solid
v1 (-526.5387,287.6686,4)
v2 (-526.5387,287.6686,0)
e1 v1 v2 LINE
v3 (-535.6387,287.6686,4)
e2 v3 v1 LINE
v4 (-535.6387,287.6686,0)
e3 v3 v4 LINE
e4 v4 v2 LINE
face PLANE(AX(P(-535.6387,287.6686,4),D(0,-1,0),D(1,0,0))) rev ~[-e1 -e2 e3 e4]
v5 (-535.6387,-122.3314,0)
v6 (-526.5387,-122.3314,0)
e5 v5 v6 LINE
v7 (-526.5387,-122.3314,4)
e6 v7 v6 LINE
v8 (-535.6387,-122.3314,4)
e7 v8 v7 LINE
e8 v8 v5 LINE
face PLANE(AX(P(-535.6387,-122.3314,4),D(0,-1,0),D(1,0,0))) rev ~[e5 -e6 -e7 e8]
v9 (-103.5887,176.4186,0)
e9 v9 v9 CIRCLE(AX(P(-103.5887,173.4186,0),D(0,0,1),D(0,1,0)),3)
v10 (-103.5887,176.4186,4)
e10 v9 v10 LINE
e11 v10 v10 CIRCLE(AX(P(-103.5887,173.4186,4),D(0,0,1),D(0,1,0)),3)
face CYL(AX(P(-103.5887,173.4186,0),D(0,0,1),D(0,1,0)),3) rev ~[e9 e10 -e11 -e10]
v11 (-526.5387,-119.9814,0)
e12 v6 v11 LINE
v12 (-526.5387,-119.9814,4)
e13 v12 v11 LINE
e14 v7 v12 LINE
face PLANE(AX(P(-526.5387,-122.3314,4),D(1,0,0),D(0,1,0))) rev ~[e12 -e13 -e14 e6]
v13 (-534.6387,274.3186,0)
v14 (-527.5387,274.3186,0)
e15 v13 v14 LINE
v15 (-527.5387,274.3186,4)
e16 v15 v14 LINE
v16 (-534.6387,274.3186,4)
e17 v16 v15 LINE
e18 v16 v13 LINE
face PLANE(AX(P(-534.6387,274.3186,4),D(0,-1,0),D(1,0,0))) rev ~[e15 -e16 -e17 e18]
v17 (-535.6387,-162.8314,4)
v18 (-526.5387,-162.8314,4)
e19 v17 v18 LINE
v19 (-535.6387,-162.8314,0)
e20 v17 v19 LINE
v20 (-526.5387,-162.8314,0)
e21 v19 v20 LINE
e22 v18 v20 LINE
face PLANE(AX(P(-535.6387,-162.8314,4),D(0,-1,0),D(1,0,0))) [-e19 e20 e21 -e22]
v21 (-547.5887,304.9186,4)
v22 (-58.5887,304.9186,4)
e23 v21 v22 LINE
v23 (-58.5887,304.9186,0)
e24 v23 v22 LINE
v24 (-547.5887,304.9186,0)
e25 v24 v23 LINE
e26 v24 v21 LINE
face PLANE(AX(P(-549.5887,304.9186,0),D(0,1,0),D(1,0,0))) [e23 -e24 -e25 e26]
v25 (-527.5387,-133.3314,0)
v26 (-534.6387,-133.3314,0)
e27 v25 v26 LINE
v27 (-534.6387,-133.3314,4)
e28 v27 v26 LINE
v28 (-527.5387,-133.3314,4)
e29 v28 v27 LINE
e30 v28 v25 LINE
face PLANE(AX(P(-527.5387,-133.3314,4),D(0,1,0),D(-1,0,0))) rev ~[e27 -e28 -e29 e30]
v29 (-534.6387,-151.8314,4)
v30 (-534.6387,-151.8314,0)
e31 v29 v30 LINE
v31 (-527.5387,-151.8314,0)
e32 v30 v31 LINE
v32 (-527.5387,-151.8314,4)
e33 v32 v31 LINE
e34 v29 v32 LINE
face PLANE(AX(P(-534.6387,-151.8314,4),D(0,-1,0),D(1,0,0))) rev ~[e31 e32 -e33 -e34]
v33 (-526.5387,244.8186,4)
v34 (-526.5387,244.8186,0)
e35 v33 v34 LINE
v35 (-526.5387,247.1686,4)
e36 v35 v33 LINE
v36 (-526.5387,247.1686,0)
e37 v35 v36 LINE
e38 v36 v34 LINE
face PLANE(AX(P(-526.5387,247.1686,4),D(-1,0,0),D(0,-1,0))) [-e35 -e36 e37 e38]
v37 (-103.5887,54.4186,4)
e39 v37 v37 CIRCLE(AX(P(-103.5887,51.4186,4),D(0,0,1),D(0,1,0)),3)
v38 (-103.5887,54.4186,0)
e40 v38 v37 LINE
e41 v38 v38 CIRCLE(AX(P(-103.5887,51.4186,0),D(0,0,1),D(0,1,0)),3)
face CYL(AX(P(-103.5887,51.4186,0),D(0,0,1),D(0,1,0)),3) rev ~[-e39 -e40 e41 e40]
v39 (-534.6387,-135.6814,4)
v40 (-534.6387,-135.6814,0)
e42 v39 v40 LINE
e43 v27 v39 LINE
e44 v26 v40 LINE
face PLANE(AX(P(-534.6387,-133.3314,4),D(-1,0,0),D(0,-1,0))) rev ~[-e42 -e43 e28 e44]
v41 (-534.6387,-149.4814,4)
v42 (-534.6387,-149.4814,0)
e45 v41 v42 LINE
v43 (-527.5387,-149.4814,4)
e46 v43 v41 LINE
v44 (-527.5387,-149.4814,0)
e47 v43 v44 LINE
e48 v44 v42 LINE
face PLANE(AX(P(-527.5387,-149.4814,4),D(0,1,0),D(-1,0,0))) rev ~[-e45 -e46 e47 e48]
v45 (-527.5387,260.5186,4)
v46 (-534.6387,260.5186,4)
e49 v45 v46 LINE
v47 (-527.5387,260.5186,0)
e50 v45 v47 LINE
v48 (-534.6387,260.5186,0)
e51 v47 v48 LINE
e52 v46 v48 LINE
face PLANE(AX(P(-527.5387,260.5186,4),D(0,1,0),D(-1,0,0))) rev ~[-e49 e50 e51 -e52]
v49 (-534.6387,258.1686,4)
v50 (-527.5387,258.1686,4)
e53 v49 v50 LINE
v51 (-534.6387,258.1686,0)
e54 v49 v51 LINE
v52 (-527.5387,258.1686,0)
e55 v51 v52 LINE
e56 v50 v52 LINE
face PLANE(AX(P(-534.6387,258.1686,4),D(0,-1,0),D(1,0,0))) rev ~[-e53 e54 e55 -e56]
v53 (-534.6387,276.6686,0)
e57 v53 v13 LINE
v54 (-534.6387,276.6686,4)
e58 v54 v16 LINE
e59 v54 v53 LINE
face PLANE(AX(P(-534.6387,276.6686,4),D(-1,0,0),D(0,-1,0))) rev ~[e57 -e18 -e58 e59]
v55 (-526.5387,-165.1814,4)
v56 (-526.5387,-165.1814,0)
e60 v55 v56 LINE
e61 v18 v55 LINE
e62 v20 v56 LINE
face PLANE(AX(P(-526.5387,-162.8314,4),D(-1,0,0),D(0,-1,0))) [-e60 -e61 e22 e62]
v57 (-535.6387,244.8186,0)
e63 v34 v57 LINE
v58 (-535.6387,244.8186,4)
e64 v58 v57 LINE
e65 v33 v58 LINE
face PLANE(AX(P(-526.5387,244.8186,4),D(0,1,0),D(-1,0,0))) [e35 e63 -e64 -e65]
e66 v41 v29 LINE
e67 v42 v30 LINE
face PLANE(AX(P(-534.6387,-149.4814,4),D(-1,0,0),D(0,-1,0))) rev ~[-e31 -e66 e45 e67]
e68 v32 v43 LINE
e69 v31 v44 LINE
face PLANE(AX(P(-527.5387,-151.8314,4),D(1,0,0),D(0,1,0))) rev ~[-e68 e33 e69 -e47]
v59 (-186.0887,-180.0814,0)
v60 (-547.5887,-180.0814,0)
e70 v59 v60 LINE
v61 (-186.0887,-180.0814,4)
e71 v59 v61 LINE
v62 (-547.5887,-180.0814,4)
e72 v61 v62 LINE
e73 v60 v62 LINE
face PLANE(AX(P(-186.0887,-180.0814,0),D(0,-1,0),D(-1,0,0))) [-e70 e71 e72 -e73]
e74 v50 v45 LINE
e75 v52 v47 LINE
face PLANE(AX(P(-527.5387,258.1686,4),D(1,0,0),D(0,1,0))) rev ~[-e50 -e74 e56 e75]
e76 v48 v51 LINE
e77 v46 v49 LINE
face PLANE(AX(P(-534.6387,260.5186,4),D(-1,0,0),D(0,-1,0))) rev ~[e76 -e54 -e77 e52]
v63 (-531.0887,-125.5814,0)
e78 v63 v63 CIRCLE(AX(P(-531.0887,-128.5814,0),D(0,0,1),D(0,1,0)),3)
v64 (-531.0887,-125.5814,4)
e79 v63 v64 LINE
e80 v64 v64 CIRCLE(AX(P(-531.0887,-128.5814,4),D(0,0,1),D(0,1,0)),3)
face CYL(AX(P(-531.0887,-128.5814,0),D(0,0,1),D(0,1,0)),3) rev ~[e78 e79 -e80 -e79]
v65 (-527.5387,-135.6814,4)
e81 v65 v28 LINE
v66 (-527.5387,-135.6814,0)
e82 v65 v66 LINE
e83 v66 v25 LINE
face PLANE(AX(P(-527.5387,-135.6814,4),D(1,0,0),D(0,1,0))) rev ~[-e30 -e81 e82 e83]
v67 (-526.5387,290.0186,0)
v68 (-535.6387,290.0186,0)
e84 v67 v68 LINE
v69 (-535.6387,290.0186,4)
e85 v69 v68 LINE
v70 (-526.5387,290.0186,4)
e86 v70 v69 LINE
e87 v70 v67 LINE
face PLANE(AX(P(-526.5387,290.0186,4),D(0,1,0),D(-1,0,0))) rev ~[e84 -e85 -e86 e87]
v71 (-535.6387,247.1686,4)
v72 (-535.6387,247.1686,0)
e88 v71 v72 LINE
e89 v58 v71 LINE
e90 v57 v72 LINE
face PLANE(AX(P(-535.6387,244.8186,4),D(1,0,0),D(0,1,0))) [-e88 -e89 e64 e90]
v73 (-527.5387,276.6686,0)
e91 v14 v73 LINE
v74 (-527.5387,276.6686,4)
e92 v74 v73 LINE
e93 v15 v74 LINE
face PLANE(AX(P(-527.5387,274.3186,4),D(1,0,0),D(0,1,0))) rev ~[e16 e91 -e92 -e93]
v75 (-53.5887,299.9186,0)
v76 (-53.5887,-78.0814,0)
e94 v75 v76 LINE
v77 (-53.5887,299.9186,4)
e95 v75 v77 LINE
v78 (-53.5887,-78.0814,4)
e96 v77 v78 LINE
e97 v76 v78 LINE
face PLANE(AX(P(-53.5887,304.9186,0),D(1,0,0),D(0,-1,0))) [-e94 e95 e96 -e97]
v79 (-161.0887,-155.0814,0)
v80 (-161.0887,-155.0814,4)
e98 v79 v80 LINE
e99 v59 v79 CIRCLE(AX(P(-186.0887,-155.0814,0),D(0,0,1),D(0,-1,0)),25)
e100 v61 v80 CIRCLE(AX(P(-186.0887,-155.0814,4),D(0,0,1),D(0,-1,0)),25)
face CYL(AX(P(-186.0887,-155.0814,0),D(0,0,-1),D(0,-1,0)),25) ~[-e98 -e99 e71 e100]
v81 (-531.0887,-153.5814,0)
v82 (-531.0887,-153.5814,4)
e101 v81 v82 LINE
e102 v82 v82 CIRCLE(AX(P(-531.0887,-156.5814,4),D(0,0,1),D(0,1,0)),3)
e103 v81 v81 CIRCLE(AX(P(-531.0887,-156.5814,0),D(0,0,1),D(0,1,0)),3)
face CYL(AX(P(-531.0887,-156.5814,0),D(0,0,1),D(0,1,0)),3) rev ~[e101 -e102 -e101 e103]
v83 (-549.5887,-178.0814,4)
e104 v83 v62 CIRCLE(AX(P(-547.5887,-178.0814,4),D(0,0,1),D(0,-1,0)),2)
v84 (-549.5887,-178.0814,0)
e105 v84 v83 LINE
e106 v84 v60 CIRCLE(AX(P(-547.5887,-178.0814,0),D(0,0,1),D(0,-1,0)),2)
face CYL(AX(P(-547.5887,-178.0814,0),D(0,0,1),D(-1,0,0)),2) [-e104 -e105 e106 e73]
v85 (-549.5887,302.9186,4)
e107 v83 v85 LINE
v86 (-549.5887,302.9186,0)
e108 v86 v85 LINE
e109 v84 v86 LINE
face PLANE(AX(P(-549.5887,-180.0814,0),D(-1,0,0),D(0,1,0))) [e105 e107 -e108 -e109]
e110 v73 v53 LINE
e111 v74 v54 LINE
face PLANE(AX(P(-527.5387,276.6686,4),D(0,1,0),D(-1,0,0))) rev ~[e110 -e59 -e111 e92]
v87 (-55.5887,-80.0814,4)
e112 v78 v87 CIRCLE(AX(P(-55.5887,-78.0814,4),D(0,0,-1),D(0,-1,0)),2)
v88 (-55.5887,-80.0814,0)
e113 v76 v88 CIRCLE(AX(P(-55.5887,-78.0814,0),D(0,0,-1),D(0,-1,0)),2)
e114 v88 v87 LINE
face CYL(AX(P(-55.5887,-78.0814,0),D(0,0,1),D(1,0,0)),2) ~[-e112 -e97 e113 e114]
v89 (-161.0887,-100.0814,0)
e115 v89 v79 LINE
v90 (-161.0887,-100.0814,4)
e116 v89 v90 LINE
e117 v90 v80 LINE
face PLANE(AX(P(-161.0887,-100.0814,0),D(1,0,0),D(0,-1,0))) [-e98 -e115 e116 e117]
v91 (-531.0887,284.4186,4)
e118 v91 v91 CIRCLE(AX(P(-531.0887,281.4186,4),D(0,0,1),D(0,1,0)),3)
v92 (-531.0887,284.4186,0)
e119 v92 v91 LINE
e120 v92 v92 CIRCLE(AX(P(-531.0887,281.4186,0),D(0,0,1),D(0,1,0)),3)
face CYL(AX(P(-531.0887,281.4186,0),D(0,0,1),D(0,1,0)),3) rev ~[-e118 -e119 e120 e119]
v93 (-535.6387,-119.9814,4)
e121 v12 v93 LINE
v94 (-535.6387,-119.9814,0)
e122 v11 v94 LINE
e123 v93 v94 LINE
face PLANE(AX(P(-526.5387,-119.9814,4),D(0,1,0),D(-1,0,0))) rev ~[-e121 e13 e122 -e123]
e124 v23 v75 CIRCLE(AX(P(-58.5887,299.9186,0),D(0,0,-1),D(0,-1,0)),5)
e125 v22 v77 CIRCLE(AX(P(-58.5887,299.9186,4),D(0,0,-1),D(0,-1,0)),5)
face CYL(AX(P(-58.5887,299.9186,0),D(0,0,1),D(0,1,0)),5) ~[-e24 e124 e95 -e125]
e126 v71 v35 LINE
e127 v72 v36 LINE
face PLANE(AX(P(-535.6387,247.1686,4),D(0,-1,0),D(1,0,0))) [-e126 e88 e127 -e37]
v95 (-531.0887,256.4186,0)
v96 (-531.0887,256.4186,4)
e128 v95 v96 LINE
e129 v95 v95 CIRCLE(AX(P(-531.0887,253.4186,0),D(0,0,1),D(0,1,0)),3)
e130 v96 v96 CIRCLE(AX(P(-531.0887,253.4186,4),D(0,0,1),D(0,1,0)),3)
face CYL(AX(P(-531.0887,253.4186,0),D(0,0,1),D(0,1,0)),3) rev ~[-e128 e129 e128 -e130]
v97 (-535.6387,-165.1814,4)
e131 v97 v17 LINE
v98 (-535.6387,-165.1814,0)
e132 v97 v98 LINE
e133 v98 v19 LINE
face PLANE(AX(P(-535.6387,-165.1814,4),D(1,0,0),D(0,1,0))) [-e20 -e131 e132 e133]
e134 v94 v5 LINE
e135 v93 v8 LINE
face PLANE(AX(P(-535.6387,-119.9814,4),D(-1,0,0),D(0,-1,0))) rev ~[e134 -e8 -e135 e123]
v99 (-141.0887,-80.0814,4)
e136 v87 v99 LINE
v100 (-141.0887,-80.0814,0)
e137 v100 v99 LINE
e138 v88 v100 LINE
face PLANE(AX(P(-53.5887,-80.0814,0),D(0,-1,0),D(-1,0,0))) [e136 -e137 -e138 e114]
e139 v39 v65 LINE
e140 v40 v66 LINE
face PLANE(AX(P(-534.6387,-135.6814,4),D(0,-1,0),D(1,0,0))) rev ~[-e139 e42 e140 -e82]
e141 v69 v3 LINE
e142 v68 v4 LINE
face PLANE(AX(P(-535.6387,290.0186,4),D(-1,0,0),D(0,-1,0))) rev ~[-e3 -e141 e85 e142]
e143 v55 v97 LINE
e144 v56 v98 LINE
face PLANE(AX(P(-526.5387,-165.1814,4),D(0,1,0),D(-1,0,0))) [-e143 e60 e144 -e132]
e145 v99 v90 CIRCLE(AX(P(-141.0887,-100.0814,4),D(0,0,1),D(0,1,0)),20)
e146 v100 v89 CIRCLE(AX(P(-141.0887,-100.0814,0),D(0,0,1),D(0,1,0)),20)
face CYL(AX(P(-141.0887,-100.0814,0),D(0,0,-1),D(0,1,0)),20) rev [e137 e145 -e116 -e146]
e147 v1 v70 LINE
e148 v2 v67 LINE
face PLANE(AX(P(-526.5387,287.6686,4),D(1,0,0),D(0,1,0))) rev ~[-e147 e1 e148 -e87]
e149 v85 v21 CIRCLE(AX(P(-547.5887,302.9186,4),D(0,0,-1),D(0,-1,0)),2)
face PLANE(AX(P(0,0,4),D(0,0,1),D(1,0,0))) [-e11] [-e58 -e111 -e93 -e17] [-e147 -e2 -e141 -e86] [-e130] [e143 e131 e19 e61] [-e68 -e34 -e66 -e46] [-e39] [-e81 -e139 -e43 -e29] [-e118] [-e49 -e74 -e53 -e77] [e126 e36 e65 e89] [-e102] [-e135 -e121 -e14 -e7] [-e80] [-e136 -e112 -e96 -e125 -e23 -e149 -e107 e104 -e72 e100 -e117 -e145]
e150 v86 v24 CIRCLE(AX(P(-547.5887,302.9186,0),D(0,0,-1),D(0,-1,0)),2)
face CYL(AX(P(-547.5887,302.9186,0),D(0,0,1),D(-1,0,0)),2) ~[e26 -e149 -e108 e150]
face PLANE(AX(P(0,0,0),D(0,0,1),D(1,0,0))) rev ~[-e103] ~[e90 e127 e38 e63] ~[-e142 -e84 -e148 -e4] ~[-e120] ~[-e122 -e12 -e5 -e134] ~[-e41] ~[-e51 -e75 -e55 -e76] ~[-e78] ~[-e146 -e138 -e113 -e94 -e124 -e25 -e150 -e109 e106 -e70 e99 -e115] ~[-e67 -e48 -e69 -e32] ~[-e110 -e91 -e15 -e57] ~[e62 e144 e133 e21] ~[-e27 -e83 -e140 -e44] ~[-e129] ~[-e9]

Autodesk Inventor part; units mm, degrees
ref_plane "YZ Plane" through (0, 0, 0) normal (1, 0, 0) x (0, 1, 0)
ref_plane "XZ Plane" through (0, 0, 0) normal (0, 1, 0) x (-1, 0, 0)
ref_plane "XY Plane" through (0, 0, 0) normal (0, 0, 1) x (1, 0, 0)
sketch "Szkic1" plane through (0, 0, 0) normal (0, 0, 1) x (1, 0, 0)
  line L0 (-549.5887, -180.0814) -> (-549.5887, 304.9186)
  line L1 (-549.5887, 304.9186) -> (-53.5887, 304.9186)
  line L2 (-53.5887, 304.9186) -> (-53.5887, -80.0814)
  line L3 (-53.5887, -80.0814) -> (-141.0887, -80.0814)
  line L4 (-161.0887, -100.0814) -> (-161.0887, -155.0814)
  line L5 (-186.0887, -180.0814) -> (-549.5887, -180.0814)
  arc A0 (-141.0887, -80.0814) -> (-161.0887, -100.0814) centre (-141.0887, -100.0814) ccw
  arc A1 (-186.0887, -180.0814) -> (-161.0887, -155.0814) centre (-186.0887, -155.0814) ccw
  point P0 (0, 0)
  point P1 (-161.0887, -80.0814)
  point P2 (-161.0887, -180.0814)
  point P3 (-531.0887, 281.4186)
  point P4 (-531.0887, 253.4186)
  point P5 (-531.0887, -128.5814)
  point P6 (-531.0887, -156.5814)
  point P7 (-103.5887, 173.4186)
  point P8 (-103.5887, 51.4186)
  dimension "d0" = 485
  dimension "d1" = 496
  dimension "d2" = 107.5
  dimension "d3" = 100
  dimension "d6" = 20
  dimension "d7" = 25
  dimension "d8" = 28
  dimension "d9" = 23.5
  dimension "d11" = 28
  dimension "d12" = 23.5
  dimension "d13" = 18.5
  dimension "d14" = 18.5
  dimension "d17" = 18.5
  dimension "d18" = 18.5
  dimension "d31" = 385
  dimension "d32" = 122
  dimension "d33" = 131.5
  dimension "d34" = 50
  dimension "d35" = 50
extrude "Wyciągnięcie proste1" add sketch "Szkic1" along normal blind 4
hole "Otwór1" at (-531.0887, 281.4186, 0) at (-531.0887, 253.4186, 0) at (-531.0887, -128.5814, 0) at (-531.0887, -156.5814, 0) direction (0, 0, 1) diameter 6 end through all
fillet "Zaokrąglenie2" radius 2 2 edges at (-53.5887, -80.0814, 2) (-549.5887, -180.0814, 2)
fillet "Zaokrąglenie2" radius 2 1 edges at (-549.5887, 304.9186, 2)
fillet "Zaokrąglenie2" radius 5 1 edges at (-53.5887, 304.9186, 2)
hole "Otwór2" at (-103.5887, 173.4186, 0) at (-103.5887, 51.4186, 0) direction (0, 0, 1) diameter 6 end through all
sketch "Szkic2" plane through (0, 0, 4) normal (0, 0, 1) x (1, 0, 0)
  circle A0 centre (-103.5887, 173.4186) radius 3 projected
  circle A1 centre (-103.5887, 51.4186) radius 3 projected
  arc A2 (-53.5887, 299.9186) -> (-58.5887, 304.9186) centre (-58.5887, 299.9186) ccw projected
  line L0 (-58.5887, 304.9186) -> (-547.5887, 304.9186) projected
  arc A3 (-547.5887, 304.9186) -> (-549.5887, 302.9186) centre (-547.5887, 302.9186) ccw projected
  line L1 (-549.5887, 302.9186) -> (-549.5887, -178.0814) projected
  arc A4 (-549.5887, -178.0814) -> (-547.5887, -180.0814) centre (-547.5887, -178.0814) ccw projected
  line L2 (-547.5887, -180.0814) -> (-186.0887, -180.0814) projected
  arc A5 (-186.0887, -180.0814) -> (-161.0887, -155.0814) centre (-186.0887, -155.0814) ccw projected
  line L3 (-161.0887, -155.0814) -> (-161.0887, -100.0814) projected
  arc A6 (-141.0887, -80.0814) -> (-161.0887, -100.0814) centre (-141.0887, -100.0814) ccw projected
  line L4 (-141.0887, -80.0814) -> (-55.5887, -80.0814) projected
  arc A7 (-55.5887, -80.0814) -> (-53.5887, -78.0814) centre (-55.5887, -78.0814) ccw projected
  line L5 (-53.5887, -78.0814) -> (-53.5887, 299.9186) projected
  circle A8 centre (-531.0887, -128.5814) radius 3 projected
  circle A9 centre (-531.0887, 281.4186) radius 3 projected
  circle A10 centre (-531.0887, 253.4186) radius 3 projected
  circle A11 centre (-531.0887, -156.5814) radius 3 projected
  line L6 (-535.1387, 289.5186) -> (-527.0387, 289.5186)
  line L7 (-527.0387, 289.5186) -> (-527.0387, 288.1686)
  line L8 (-527.0387, 288.1686) -> (-535.1387, 288.1686)
  line L9 (-535.1387, 288.1686) -> (-535.1387, 289.5186)
  line L10 (-534.1387, 276.1686) -> (-528.0387, 276.1686)
  line L11 (-528.0387, 276.1686) -> (-528.0387, 274.8186)
  line L12 (-528.0387, 274.8186) -> (-534.1387, 274.8186)
  line L13 (-534.1387, 274.8186) -> (-534.1387, 276.1686)
  line L14 (-534.1387, 260.0186) -> (-528.0387, 260.0186)
  line L15 (-528.0387, 260.0186) -> (-528.0387, 258.6686)
  line L16 (-528.0387, 258.6686) -> (-534.1387, 258.6686)
  line L17 (-534.1387, 258.6686) -> (-534.1387, 260.0186)
  line L18 (-535.1387, 245.3186) -> (-527.0387, 245.3186)
  line L19 (-527.0387, 245.3186) -> (-527.0387, 246.6686)
  line L20 (-527.0387, 246.6686) -> (-535.1387, 246.6686)
  line L21 (-535.1387, 246.6686) -> (-535.1387, 245.3186)
  line L22 (-535.6387, 287.6686) -> (-526.5387, 287.6686)
  line L23 (-526.5387, 287.6686) -> (-526.5387, 290.0186)
  line L24 (-526.5387, 290.0186) -> (-535.6387, 290.0186)
  line L25 (-535.6387, 290.0186) -> (-535.6387, 287.6686)
  line L26 (-534.6387, 274.3186) -> (-527.5387, 274.3186)
  line L27 (-527.5387, 274.3186) -> (-527.5387, 276.6686)
  line L28 (-527.5387, 276.6686) -> (-534.6387, 276.6686)
  line L29 (-534.6387, 276.6686) -> (-534.6387, 274.3186)
  line L30 (-534.6387, 258.1686) -> (-527.5387, 258.1686)
  line L31 (-527.5387, 258.1686) -> (-527.5387, 260.5186)
  line L32 (-527.5387, 260.5186) -> (-534.6387, 260.5186)
  line L33 (-534.6387, 260.5186) -> (-534.6387, 258.1686)
  line L34 (-535.6387, 247.1686) -> (-526.5387, 247.1686)
  line L35 (-526.5387, 247.1686) -> (-526.5387, 244.8186)
  line L36 (-526.5387, 244.8186) -> (-535.6387, 244.8186)
  line L37 (-535.6387, 244.8186) -> (-535.6387, 247.1686)
  line L38 (-535.1387, -120.4814) -> (-527.0387, -120.4814)
  line L39 (-527.0387, -120.4814) -> (-527.0387, -121.8314)
  line L40 (-527.0387, -121.8314) -> (-535.1387, -121.8314)
  line L41 (-535.1387, -121.8314) -> (-535.1387, -120.4814)
  line L42 (-534.1387, -133.8314) -> (-528.0387, -133.8314)
  line L43 (-528.0387, -133.8314) -> (-528.0387, -135.1814)
  line L44 (-528.0387, -135.1814) -> (-534.1387, -135.1814)
  line L45 (-534.1387, -135.1814) -> (-534.1387, -133.8314)
  line L46 (-534.1387, -149.9814) -> (-528.0387, -149.9814)
  line L47 (-528.0387, -149.9814) -> (-528.0387, -151.3314)
  line L48 (-528.0387, -151.3314) -> (-534.1387, -151.3314)
  line L49 (-534.1387, -151.3314) -> (-534.1387, -149.9814)
  line L50 (-535.1387, -164.6814) -> (-527.0387, -164.6814)
  line L51 (-527.0387, -164.6814) -> (-527.0387, -163.3314)
  line L52 (-527.0387, -163.3314) -> (-535.1387, -163.3314)
  line L53 (-535.1387, -163.3314) -> (-535.1387, -164.6814)
  line L54 (-535.6387, -122.3314) -> (-526.5387, -122.3314)
  line L55 (-526.5387, -122.3314) -> (-526.5387, -119.9814)
  line L56 (-526.5387, -119.9814) -> (-535.6387, -119.9814)
  line L57 (-535.6387, -119.9814) -> (-535.6387, -122.3314)
  line L58 (-534.6387, -135.6814) -> (-527.5387, -135.6814)
  line L59 (-527.5387, -135.6814) -> (-527.5387, -133.3314)
  line L60 (-527.5387, -133.3314) -> (-534.6387, -133.3314)
  line L61 (-534.6387, -133.3314) -> (-534.6387, -135.6814)
  line L62 (-534.6387, -151.8314) -> (-527.5387, -151.8314)
  line L63 (-527.5387, -151.8314) -> (-527.5387, -149.4814)
  line L64 (-527.5387, -149.4814) -> (-534.6387, -149.4814)
  line L65 (-534.6387, -149.4814) -> (-534.6387, -151.8314)
  line L66 (-535.6387, -162.8314) -> (-526.5387, -162.8314)
  line L67 (-526.5387, -162.8314) -> (-526.5387, -165.1814)
  line L68 (-526.5387, -165.1814) -> (-535.6387, -165.1814)
  line L69 (-535.6387, -165.1814) -> (-535.6387, -162.8314)
  point P0 (0, 0)
  dimension "d43" = 8.1
  dimension "d44" = 1.35
  dimension "d45" = 6.1
  dimension "d46" = 1.35
  dimension "d47" = 6.1
  dimension "d48" = 1.35
  dimension "d49" = 8.1
  dimension "d50" = 1.35
  dimension "d51" = 4.05
  dimension "d52" = 3.05
  dimension "d53" = 3.05
  dimension "d54" = 4.05
  dimension "d55" = 8.1
  dimension "d56" = 8.1
  dimension "d57" = 6.6
  dimension "d59" = 44.2
  dimension "d60" = 17.5
  dimension "d61" = 14.8
  dimension "d62" = 6.6
  dimension "d63" = 0.5
  dimension "d64" = 0.5
  dimension "d65" = 0.5
  dimension "d66" = 0.5
  dimension "d69" = 8.1
  dimension "d70" = 1.35
  dimension "d71" = 6.1
  dimension "d72" = 1.35
  dimension "d73" = 6.1
  dimension "d74" = 1.35
  dimension "d75" = 8.1
  dimension "d76" = 1.35
  dimension "d77" = 44.2
  dimension "d78" = 17.5
  dimension "d79" = 14.8
  dimension "d80" = 0.5
  dimension "d81" = 0.5
  dimension "d82" = 0.5
  dimension "d83" = 0.5
  dimension "d84" = 8.1
  dimension "d85" = 6.6
  dimension "d86" = 6.6
  dimension "d87" = 8.1
  dimension "d88" = 3.05
  dimension "d89" = 4.05
  dimension "d90" = 4.05
  dimension "d91" = 3.05
extrude "Wyciągnięcie proste2" cut sketch "Szkic2" against normal through all contours L6 L7 L8 L9 | L10 L11 L12 L13 | L14 L15 L16 L17 | L21 L20 L19 L18 | L25 L24 L23 L22 | L29 L28 L27 L26 | L33 L32 L31 L30 | L34 L35 L36 L37 | L38 L39 L40 L41 | L42 L43 L44 L45 | L46 L47 L48 L49 | L53 L52 L51 L50 | L57 L56 L55 L54 | L61 L60 L59 L58 | L65 L64 L63 L62 | L66 L67 L68 L69
equation "\"d11\" = d8"
equation "\"d12\" = d9"
equation "\"d14\" = d13"
equation "\"d17\" = d13"
equation "\"d18\" = d13"
equation "\"d33\" = -0.5 * d32 + 0.5 * d31"
equation "\"d34\" = d35"
equation "\"d51\" = 0.5 * d43"
equation "\"d52\" = 0.5 * d45"
equation "\"d53\" = 0.5 * d47"
equation "\"d54\" = 0.5 * d49"
equation "\"d64\" = d63"
equation "\"d65\" = d63"
equation "\"d66\" = d63"
equation "\"d80\" = d63"
equation "\"d81\" = d80"
equation "\"d82\" = d80"
equation "\"d83\" = d80"
properties part number "LC_PLEXI_4mm_Front_Door"
